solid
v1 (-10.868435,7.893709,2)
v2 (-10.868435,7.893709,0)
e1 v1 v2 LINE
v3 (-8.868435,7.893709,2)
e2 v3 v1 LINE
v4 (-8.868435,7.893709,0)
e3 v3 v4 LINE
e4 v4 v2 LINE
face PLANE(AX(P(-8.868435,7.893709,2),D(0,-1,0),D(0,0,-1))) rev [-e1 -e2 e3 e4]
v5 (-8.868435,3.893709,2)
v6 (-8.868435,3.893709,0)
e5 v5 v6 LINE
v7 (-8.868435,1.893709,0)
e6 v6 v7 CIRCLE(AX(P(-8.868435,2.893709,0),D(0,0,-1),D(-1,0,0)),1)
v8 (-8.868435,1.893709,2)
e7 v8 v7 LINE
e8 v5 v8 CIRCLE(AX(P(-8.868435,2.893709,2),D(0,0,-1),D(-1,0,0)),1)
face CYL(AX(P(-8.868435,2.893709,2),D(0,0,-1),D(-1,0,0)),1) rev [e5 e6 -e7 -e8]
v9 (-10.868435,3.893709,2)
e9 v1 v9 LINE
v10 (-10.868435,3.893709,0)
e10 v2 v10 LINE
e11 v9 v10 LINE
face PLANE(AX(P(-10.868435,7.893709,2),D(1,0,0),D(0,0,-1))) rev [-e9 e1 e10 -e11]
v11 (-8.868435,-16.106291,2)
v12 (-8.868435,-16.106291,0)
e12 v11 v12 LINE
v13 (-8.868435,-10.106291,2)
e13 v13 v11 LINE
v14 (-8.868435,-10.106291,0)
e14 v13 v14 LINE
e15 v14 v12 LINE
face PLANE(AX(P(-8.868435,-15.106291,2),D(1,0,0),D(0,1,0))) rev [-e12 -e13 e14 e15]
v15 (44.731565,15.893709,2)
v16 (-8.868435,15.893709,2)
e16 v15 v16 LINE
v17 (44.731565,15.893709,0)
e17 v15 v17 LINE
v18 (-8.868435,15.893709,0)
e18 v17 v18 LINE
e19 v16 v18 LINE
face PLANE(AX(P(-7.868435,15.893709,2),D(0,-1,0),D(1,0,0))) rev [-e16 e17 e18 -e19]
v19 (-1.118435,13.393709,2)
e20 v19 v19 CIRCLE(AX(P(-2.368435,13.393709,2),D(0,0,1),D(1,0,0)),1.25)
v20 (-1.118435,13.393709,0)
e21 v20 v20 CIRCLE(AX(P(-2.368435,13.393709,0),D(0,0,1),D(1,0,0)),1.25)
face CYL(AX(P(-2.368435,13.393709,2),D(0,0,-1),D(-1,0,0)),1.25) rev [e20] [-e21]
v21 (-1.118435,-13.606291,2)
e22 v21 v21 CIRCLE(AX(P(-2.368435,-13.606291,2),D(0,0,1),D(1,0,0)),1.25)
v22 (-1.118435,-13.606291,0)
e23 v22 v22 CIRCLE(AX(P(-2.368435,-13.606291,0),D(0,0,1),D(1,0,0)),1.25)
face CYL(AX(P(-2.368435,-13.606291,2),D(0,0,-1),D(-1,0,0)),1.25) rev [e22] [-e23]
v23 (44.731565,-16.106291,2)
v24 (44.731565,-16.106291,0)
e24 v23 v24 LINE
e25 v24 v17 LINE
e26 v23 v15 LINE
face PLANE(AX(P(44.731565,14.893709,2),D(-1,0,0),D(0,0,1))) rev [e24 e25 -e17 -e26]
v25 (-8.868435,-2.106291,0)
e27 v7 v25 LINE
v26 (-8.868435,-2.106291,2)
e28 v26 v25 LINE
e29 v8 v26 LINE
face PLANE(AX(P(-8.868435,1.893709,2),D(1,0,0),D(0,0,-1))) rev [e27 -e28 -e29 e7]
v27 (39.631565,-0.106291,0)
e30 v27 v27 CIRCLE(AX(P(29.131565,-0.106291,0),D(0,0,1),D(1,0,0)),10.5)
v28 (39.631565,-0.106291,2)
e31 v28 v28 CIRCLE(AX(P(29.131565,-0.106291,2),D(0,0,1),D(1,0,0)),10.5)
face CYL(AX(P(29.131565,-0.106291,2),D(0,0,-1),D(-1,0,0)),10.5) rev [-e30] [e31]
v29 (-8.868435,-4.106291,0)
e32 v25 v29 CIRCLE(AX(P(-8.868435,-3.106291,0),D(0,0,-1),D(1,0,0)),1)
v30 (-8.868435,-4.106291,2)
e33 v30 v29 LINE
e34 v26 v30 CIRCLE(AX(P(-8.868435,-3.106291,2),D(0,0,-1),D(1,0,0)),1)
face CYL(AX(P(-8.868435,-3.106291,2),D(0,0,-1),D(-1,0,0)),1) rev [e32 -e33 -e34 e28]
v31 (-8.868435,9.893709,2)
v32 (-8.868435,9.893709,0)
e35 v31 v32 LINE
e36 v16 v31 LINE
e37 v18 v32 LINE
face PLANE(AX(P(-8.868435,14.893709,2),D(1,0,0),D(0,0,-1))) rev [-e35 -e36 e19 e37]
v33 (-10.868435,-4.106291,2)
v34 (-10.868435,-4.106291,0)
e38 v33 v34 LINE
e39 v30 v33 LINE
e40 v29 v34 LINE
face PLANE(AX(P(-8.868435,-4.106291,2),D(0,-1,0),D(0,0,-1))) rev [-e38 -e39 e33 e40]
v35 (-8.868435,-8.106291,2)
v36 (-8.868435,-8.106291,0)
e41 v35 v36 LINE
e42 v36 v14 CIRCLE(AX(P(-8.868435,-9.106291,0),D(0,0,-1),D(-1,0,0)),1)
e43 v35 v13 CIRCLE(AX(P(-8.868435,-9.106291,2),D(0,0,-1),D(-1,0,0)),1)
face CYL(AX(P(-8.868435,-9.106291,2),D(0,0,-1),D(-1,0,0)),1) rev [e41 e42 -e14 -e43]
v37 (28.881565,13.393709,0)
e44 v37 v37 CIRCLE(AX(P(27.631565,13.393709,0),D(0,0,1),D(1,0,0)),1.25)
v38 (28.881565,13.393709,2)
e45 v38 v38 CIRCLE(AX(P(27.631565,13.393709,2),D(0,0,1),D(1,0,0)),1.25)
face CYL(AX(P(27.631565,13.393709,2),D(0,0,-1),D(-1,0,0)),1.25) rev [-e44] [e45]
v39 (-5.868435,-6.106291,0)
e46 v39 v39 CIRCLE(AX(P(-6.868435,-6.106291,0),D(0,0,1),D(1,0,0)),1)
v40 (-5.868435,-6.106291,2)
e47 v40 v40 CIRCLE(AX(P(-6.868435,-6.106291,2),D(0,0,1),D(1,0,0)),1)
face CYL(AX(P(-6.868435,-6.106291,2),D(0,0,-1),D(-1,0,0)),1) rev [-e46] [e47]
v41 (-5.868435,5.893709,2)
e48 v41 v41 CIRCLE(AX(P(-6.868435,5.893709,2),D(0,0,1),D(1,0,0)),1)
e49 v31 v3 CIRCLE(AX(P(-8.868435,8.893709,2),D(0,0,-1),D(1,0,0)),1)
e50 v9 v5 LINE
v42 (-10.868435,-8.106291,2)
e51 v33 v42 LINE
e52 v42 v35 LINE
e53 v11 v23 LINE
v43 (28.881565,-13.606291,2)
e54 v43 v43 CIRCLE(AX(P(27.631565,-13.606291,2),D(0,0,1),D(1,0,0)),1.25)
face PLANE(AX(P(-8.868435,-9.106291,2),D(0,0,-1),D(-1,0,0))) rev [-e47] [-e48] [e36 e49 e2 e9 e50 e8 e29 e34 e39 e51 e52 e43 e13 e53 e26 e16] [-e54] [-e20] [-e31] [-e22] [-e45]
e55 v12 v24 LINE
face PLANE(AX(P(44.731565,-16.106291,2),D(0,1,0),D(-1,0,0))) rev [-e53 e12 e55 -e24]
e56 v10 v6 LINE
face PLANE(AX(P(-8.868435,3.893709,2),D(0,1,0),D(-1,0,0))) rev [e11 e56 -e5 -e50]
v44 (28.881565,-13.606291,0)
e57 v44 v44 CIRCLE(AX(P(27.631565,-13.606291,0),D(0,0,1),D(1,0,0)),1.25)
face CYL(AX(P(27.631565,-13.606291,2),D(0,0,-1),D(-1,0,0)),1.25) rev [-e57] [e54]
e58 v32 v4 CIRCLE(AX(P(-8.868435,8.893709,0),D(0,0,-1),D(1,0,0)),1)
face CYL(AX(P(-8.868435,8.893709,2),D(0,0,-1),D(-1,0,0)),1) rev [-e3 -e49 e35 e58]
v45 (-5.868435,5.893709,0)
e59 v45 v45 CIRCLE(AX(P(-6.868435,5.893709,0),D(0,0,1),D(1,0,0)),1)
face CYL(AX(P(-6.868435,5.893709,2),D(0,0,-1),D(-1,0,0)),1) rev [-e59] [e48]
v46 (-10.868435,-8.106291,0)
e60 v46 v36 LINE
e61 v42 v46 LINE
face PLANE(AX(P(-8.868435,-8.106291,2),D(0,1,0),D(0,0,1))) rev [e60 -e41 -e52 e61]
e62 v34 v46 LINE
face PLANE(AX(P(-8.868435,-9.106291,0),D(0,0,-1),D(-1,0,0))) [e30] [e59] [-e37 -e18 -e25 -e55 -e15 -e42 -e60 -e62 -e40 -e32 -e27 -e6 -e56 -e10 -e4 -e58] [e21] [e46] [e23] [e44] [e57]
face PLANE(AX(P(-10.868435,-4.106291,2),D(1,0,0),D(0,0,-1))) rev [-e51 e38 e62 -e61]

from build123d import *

# Parameters (mm, degrees)
SKETCH_1_R      = 1
SKETCH_1_R_2    = 1.25
SKETCH_1_R_3    = 10.5
EXTRUDE_1_DEPTH = 2


with BuildPart() as part:
    # 草圖1 → 填料-伸長1 (new body)
    with BuildSketch(Plane.XY):
        with BuildLine():
            Line((-8.868434636, 14.893709246), (-8.868434636, 15.893709246))
            Line((-8.868434636, 15.893709246), (-7.868434636, 15.893709246))
            Line((-7.868434636, 15.893709246), (43.781565364, 15.893709246))
            Line((43.781565364, 15.893709246), (44.731565364, 15.893709246))
            Line((44.731565364, 15.893709246), (44.731565364, 14.893709246))
            Line((44.731565364, 14.893709246), (44.731565364, -15.106290754))
            Line((44.731565364, -15.106290754), (44.731565364, -16.106290754))
            Line((44.731565364, -16.106290754), (43.781565364, -16.106290754))
            Line((43.781565364, -16.106290754), (-7.868434636, -16.106290754))
            Line((-7.868434636, -16.106290754), (-8.868434636, -16.106290754))
            Line((-8.868434636, -16.106290754), (-8.868434636, -15.106290754))
            Line((-8.868434636, -15.106290754), (-8.868434636, -10.106290754))
            ThreePointArc((-8.868434636, -10.106290754), (-7.868434636, -9.106290754), (-8.868434636, -8.106290754))
            Line((-8.868434636, -8.106290754), (-10.868434636, -8.106290754))
            Line((-10.868434636, -8.106290754), (-10.868434636, -4.106290754))
            Line((-10.868434636, -4.106290754), (-8.868434636, -4.106290754))
            ThreePointArc((-8.868434636, -4.106290754), (-7.868434636, -3.106290754), (-8.868434636, -2.106290754))
            Line((-8.868434636, -2.106290754), (-8.868434636, 1.893709246))
            ThreePointArc((-8.868434636, 1.893709246), (-7.868434636, 2.893709246), (-8.868434636, 3.893709246))
            Line((-8.868434636, 3.893709246), (-10.868434636, 3.893709246))
            Line((-10.868434636, 3.893709246), (-10.868434636, 7.893709246))
            Line((-10.868434636, 7.893709246), (-8.868434636, 7.893709246))
            ThreePointArc((-8.868434636, 7.893709246), (-7.868434636, 8.893709246), (-8.868434636, 9.893709246))
            Line((-8.868434636, 9.893709246), (-8.868434636, 14.893709246))
        make_face()
        with Locations((-6.868434636, 5.893709246)):
            Circle(SKETCH_1_R, mode=Mode.SUBTRACT)
        with Locations((-6.868434636, -6.106290754)):
            Circle(SKETCH_1_R, mode=Mode.SUBTRACT)
        with Locations((-2.368434636, 13.393709246)):
            Circle(SKETCH_1_R_2, mode=Mode.SUBTRACT)
        with Locations((-2.368434636, -13.606290754)):
            Circle(SKETCH_1_R_2, mode=Mode.SUBTRACT)
        with Locations((27.631565364, 13.393709246)):
            Circle(SKETCH_1_R_2, mode=Mode.SUBTRACT)
        with Locations((27.631565364, -13.606290754)):
            Circle(SKETCH_1_R_2, mode=Mode.SUBTRACT)
        with Locations((29.131565364, -0.106290754)):
            Circle(SKETCH_1_R_3, mode=Mode.SUBTRACT)
    extrude(amount=EXTRUDE_1_DEPTH)


solid = part.part
